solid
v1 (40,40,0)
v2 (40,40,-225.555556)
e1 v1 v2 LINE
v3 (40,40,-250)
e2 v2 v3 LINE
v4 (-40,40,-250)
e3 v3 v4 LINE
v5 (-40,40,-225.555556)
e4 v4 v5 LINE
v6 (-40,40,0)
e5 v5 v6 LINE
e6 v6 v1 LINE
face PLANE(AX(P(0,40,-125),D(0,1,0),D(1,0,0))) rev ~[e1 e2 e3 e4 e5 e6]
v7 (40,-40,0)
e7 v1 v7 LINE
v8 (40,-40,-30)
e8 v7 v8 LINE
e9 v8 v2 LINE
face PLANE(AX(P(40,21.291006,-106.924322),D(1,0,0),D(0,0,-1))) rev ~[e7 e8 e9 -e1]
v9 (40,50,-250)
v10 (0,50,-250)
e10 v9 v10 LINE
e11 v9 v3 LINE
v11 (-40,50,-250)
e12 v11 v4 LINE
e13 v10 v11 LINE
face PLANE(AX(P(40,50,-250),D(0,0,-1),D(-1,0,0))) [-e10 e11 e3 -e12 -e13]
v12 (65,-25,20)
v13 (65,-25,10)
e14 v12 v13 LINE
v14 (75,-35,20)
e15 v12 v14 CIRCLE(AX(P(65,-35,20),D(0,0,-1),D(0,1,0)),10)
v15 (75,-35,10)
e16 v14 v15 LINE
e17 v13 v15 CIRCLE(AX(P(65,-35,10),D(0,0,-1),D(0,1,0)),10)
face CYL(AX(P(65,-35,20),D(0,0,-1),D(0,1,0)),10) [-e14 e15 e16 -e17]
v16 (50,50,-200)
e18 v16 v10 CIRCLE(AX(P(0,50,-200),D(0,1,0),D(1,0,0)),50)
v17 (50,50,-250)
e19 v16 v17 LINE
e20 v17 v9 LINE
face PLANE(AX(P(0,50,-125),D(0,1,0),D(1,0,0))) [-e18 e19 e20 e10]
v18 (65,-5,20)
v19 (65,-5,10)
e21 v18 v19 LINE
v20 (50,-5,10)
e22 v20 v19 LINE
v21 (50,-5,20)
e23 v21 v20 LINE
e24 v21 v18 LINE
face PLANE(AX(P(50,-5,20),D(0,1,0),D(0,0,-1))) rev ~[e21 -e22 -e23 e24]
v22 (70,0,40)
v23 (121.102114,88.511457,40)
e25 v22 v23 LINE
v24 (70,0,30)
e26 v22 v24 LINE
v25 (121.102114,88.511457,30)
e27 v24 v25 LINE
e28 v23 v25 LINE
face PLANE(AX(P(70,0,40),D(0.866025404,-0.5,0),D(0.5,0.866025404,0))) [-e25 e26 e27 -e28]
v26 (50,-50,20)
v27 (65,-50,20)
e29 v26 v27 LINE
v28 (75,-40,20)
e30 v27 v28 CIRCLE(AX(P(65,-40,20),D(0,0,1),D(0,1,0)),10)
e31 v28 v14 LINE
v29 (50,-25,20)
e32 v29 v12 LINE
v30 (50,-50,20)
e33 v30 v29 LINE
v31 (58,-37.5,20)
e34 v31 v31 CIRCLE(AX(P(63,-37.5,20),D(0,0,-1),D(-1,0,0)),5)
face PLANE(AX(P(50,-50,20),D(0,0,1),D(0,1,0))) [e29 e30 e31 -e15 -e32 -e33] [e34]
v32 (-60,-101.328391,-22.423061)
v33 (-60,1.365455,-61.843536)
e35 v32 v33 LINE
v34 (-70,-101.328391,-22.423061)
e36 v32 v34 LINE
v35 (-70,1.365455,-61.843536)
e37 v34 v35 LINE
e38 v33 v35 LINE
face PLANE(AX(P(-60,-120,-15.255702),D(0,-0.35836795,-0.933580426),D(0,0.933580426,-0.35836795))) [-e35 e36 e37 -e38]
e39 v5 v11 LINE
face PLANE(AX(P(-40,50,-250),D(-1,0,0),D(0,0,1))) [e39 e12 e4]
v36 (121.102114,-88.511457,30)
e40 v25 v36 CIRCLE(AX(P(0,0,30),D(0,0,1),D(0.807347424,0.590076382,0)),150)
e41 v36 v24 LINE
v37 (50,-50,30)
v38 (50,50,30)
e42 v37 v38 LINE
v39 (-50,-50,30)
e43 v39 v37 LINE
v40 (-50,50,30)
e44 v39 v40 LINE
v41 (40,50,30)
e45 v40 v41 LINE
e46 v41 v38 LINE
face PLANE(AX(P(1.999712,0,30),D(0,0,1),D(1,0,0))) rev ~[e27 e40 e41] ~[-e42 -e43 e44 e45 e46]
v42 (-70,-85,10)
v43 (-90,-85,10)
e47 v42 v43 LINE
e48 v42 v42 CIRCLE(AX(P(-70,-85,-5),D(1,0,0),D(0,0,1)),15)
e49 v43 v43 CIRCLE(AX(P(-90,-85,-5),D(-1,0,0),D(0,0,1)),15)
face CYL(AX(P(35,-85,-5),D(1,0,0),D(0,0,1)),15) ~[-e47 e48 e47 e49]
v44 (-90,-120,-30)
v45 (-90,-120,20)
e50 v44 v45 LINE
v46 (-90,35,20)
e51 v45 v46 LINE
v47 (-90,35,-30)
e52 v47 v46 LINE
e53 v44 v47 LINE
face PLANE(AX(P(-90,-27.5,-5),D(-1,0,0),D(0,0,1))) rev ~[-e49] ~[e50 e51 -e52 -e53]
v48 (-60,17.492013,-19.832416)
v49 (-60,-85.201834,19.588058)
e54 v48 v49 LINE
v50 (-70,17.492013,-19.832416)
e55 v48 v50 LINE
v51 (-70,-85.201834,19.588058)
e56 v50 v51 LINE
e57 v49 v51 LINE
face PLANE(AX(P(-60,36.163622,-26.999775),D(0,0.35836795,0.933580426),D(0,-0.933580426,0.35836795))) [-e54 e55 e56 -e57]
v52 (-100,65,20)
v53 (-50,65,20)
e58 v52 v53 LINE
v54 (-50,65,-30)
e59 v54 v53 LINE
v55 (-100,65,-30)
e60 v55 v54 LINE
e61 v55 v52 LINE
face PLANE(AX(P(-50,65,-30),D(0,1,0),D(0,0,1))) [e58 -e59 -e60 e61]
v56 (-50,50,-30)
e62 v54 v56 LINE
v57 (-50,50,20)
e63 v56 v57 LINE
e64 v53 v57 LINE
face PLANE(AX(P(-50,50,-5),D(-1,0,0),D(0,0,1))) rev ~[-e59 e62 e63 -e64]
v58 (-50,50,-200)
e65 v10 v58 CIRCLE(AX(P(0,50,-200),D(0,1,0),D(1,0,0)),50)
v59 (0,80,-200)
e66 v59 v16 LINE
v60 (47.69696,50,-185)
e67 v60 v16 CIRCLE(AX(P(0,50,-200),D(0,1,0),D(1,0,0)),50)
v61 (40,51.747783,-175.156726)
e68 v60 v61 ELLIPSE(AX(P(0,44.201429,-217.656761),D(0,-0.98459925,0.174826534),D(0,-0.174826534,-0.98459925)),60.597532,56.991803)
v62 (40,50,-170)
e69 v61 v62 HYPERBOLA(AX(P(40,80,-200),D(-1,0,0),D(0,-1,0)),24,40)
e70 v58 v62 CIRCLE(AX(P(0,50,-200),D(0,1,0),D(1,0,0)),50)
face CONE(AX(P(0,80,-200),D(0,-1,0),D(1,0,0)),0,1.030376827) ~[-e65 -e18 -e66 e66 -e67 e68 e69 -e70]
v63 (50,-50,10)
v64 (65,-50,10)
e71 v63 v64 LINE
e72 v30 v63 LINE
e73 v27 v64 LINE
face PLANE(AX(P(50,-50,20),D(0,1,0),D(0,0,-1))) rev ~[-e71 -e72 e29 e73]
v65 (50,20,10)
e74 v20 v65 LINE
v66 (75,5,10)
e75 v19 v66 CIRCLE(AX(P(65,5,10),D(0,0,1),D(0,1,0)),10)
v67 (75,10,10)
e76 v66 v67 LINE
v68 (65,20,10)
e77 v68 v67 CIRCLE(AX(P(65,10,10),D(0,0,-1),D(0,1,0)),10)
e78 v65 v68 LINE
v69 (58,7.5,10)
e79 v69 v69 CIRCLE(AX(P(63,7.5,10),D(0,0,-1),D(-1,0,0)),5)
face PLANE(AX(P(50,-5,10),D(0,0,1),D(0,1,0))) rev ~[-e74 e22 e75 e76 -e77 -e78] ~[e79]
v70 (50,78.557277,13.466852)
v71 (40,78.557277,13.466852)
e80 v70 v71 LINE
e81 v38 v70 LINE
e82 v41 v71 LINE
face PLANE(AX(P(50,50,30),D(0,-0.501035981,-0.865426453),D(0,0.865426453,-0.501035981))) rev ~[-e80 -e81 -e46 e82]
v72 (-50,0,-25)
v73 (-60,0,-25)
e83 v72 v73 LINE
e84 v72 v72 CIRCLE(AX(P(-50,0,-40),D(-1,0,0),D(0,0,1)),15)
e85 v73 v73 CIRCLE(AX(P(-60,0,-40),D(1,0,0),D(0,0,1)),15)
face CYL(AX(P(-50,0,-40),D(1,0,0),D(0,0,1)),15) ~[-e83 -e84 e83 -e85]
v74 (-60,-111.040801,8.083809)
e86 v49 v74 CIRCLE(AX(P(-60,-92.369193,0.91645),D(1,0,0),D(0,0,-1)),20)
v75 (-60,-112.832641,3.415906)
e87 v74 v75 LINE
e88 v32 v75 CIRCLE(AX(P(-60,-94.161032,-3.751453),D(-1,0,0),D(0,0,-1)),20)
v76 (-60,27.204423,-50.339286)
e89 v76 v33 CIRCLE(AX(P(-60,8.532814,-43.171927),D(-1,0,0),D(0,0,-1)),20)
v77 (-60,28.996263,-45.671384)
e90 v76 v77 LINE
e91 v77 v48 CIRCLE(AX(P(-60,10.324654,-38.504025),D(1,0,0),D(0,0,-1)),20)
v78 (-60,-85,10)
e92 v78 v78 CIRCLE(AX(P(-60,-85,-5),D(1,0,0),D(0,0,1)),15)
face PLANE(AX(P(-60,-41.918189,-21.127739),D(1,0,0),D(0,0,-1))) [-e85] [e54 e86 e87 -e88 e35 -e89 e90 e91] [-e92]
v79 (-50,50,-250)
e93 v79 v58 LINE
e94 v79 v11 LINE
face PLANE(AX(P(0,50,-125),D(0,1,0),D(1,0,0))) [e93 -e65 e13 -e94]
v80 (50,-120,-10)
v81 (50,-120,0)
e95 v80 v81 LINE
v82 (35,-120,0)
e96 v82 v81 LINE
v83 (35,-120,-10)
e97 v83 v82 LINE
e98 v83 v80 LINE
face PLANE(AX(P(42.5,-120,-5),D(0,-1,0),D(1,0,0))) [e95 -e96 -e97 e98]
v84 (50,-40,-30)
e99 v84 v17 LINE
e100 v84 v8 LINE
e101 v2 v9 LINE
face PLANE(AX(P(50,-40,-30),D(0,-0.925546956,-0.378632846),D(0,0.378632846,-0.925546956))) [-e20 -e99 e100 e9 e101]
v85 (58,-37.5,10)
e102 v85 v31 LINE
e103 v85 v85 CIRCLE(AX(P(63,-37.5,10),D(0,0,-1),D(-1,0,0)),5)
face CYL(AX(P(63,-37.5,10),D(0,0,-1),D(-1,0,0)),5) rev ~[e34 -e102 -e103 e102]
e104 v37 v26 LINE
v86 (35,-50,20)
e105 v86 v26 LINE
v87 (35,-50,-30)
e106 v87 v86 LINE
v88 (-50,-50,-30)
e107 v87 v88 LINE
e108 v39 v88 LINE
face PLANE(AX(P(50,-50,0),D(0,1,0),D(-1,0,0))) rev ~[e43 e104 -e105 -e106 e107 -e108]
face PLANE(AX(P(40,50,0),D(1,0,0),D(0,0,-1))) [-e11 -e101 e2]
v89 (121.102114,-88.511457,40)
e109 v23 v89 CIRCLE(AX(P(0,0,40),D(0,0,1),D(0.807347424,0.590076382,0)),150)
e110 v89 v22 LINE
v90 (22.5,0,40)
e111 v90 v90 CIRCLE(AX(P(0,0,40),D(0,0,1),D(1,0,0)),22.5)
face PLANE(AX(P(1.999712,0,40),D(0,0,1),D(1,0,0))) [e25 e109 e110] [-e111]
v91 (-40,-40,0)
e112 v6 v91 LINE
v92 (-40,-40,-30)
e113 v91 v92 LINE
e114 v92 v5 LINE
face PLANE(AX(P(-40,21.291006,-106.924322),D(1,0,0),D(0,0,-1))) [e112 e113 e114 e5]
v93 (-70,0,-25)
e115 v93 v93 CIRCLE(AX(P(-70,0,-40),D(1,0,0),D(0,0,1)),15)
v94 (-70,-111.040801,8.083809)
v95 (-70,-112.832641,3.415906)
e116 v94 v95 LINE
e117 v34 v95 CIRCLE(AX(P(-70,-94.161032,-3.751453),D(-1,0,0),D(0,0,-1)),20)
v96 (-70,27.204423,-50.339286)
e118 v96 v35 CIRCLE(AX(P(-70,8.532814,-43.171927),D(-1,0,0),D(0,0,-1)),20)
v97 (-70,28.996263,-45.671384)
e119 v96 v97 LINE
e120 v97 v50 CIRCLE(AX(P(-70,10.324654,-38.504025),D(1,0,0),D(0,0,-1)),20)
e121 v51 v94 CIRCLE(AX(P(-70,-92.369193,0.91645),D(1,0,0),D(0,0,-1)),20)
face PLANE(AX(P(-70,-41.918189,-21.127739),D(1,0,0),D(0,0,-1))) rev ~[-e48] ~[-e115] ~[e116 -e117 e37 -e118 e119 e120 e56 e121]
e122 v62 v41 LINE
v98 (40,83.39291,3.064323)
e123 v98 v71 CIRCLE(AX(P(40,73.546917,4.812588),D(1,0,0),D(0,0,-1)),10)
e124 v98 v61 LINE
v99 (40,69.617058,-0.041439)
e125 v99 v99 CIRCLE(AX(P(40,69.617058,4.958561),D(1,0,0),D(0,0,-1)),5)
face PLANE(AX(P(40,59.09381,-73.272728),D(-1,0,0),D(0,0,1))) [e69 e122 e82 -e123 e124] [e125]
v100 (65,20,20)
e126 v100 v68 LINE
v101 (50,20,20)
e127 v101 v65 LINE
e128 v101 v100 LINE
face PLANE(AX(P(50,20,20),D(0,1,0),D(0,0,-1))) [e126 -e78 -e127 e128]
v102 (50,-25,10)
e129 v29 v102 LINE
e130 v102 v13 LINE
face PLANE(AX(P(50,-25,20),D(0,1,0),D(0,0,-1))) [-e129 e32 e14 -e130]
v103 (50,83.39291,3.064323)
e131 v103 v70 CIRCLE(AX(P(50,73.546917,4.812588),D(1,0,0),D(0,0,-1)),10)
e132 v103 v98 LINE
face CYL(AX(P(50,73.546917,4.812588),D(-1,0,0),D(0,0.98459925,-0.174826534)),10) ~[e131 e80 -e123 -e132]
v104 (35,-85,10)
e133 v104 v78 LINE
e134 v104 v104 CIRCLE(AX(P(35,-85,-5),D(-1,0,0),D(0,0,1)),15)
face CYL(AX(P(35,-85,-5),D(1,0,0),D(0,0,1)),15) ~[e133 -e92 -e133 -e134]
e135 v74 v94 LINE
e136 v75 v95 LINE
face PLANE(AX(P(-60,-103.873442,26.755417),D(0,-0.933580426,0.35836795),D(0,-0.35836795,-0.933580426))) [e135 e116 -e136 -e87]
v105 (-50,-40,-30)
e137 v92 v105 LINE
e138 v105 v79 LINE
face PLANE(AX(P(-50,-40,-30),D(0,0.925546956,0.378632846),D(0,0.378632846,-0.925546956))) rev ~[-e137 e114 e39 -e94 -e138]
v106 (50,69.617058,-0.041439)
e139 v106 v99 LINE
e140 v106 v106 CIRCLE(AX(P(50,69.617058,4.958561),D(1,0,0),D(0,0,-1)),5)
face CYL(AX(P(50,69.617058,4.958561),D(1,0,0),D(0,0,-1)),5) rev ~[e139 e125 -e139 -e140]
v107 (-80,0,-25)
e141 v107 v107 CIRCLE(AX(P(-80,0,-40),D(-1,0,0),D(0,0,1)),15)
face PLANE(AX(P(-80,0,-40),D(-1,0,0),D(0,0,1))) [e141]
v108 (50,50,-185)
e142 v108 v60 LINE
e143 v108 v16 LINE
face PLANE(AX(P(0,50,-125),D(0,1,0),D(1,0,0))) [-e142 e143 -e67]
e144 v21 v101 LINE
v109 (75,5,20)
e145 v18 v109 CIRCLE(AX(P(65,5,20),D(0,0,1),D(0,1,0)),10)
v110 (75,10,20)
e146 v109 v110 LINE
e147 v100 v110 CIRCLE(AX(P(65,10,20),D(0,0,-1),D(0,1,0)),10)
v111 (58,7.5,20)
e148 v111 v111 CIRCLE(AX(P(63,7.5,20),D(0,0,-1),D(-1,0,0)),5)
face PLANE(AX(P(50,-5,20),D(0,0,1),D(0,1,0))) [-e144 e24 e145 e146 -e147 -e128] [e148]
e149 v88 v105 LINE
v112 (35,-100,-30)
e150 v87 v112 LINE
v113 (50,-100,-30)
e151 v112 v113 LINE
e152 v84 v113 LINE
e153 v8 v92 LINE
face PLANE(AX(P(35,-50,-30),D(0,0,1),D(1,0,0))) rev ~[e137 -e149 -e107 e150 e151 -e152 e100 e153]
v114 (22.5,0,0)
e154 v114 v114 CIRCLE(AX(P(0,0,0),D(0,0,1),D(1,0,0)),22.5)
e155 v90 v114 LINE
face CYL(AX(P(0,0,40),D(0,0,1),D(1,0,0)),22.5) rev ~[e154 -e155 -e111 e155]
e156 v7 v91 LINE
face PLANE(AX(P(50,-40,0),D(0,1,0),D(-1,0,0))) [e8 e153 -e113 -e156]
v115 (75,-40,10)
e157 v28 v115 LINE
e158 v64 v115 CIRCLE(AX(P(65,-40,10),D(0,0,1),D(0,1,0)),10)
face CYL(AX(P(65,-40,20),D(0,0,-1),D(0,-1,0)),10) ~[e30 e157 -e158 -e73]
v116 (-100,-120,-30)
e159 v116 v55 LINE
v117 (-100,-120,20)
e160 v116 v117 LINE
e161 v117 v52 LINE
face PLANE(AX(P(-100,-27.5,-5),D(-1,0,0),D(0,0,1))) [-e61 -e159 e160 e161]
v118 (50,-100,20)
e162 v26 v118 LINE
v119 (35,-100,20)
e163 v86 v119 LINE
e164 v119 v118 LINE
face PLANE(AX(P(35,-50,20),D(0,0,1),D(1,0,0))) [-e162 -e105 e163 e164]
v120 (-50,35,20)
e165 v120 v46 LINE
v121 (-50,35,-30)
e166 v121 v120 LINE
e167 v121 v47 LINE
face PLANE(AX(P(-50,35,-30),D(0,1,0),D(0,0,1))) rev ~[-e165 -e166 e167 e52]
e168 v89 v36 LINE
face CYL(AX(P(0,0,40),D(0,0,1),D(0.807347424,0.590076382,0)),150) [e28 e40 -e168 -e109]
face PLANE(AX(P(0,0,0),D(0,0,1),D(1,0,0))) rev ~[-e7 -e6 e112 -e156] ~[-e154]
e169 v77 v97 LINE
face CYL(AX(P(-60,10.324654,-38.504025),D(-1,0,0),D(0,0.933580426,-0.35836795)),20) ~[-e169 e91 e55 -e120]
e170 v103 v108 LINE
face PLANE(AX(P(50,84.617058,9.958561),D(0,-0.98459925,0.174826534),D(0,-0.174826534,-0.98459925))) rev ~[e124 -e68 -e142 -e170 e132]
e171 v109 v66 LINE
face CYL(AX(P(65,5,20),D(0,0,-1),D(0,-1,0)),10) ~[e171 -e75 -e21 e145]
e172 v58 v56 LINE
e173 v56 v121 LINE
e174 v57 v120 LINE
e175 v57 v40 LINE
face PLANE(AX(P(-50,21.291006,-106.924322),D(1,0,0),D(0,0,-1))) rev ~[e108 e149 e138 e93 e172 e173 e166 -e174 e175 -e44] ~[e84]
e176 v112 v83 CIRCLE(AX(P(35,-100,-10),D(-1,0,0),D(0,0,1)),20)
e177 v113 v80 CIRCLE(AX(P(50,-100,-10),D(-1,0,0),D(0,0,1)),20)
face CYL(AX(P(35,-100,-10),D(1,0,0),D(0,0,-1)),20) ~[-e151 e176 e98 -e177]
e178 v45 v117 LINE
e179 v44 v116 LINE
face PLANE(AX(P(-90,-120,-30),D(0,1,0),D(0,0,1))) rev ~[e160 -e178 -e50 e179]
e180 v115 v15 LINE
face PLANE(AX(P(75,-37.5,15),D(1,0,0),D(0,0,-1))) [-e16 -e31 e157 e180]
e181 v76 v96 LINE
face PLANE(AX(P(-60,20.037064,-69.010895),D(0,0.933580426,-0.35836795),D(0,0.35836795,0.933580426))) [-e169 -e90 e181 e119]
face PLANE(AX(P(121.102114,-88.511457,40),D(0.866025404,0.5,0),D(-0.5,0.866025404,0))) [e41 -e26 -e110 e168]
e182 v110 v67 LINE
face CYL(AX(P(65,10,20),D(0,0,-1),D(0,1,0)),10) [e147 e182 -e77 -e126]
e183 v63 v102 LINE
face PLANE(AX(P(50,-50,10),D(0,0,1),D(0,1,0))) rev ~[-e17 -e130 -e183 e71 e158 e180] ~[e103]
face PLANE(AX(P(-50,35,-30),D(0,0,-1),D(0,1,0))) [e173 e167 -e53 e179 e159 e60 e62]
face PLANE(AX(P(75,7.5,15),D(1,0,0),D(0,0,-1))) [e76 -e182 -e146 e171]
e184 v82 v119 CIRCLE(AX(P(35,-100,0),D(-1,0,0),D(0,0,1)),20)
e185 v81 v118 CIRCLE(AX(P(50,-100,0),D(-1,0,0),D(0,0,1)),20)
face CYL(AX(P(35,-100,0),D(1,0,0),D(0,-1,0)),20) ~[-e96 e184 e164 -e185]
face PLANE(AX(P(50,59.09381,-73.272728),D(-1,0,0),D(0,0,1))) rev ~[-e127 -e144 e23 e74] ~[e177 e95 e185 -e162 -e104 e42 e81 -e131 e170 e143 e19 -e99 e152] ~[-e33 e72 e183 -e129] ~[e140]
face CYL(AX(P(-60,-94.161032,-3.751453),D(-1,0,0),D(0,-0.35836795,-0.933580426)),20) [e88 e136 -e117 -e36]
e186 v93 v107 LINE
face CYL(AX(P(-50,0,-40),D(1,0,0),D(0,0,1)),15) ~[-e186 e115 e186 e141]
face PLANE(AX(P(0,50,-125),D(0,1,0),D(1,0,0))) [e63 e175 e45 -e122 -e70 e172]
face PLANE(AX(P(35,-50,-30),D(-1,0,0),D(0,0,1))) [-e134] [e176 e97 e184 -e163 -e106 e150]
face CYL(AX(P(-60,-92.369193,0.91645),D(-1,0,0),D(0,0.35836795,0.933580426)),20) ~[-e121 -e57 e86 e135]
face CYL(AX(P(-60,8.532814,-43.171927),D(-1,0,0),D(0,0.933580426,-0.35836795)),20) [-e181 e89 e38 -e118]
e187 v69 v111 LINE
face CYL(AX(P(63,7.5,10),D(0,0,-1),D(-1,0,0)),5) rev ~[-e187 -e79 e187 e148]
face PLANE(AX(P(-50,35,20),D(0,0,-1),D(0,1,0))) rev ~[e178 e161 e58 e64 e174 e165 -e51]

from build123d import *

# Parameters (mm, degrees)
SZKIC1_W                     = 100
SZKIC1_H                     = 100
DODANIE_WYCI_GNI_CIE1_DEPTH  = 40
SZKIC3_R                     = 22.5
WYTNIJ_WYCI_GNI_CIE1_DEPTH   = 41
SZKIC4_W                     = 100
SZKIC4_H                     = 10
DODANIE_WYCI_GNI_CIE2_DEPTH  = 30
DODANIE_WYCI_GNI_CIE3_DEPTH  = 10
DODANIE_WYCI_GNI_CIE4_DEPTH  = 10
DODANIE_WYCI_GNI_CIE5_DEPTH  = 10
SZKIC11_W                    = 15
SZKIC11_H                    = 50
DODANIE_WYCI_GNI_CIE6_DEPTH  = 70
SZKIC12_R                    = 15
DODANIE_WYCI_GNI_CIE7_DEPTH  = 125
SZKIC13_R                    = 15
DODANIE_WYCI_GNI_CIE8_DEPTH  = 30
DODANIE_WYCI_GNI_CIE9_DEPTH  = 10
ZAOKR_GLENIE1_R              = 20
SZKIC15_W                    = 50
SZKIC15_H                    = 185
DODANIE_WYCI_GNI_CIE10_DEPTH = 10
DODANIE_WYCI_GNI_CIE11_REACH = 52
SZKIC17_W                    = 50
SZKIC17_H                    = 30
SZKIC18_W                    = 100
SZKIC18_H                    = 100
DODANIE_WYCI_GNI_CIE12_DEPTH = 10
DODANIE_WYCI_GNI_CIE13_DEPTH = 10
WYTNIJ_WYCI_GNI_CIE2_REACH   = 202
SZKIC20_R                    = 5
SZKIC21_W                    = 10
SZKIC21_H                    = 25
DODANIE_WYCI_GNI_CIE14_DEPTH = 25
ZAOKR_GLENIE2_R              = 10
WYTNIJ_WYCI_GNI_CIE3_REACH   = 32
SZKIC22_R                    = 5


with BuildPart() as part:
    # Szkic1 → Dodanie-wyciągnięcie1 (new body)
    with BuildSketch(Plane.XY):
        Rectangle(SZKIC1_W, SZKIC1_H)
    extrude(amount=DODANIE_WYCI_GNI_CIE1_DEPTH)

    # Szkic3 → Wytnij-wyciągnięcie1 (cut, through all)
    with BuildSketch(Plane.XY.offset(40)):
        Circle(SZKIC3_R)
    extrude(amount=-WYTNIJ_WYCI_GNI_CIE1_DEPTH, mode=Mode.SUBTRACT)

    # Szkic4 → Dodanie-wyciągnięcie2 (add)
    with BuildSketch(Plane(origin=(0, 0, 0), x_dir=(-1, 0, 0), z_dir=(0, 0, -1))):
        with Locations((0, -45)):
            Rectangle(SZKIC4_W, SZKIC4_H)
    extrude(amount=DODANIE_WYCI_GNI_CIE2_DEPTH)

    # Szkic5 → Dodanie-wyciągnięcie3 (add)
    with BuildSketch(Plane.ZY.offset(50)):
        Polygon((-30, -40), (-250, 50), (0, 50), (0, -40), align=None)
    extrude(amount=-DODANIE_WYCI_GNI_CIE3_DEPTH)

    # Szkic6 → Dodanie-wyciągnięcie4 (add)
    with BuildSketch(Plane(origin=(50, 0, 0), x_dir=(0, 0, -1), z_dir=(1, 0, 0))):
        Polygon((30, -40), (250, 50), (0, 50), (0, -40), align=None)
    extrude(amount=-DODANIE_WYCI_GNI_CIE4_DEPTH)

    # Szkic7 → Dodanie-wyciągnięcie5 (add)
    with BuildSketch(Plane(origin=(0, 50, 0), x_dir=(1, 0, 0), z_dir=(0, 1, 0))):
        Polygon((40, 250), (-40, 250), (-40, 30), (-40, 0), (40, 0), align=None)
    extrude(amount=-DODANIE_WYCI_GNI_CIE5_DEPTH)

    # Szkic10 → Obrót1 (revolve)
    with BuildSketch(Plane(origin=(0, 0, -200), x_dir=(-1, 0, 0), z_dir=(0, 0, -1))):
        Polygon((0, 50), (0, 80), (-50, 50), align=None)
    revolve(axis=Axis((0, 50, -200), (0, 1, 0)))

    # Szkic11 → Dodanie-wyciągnięcie6 (add)
    with BuildSketch(Plane.XZ.offset(50)):
        with Locations((42.5, -5)):
            Rectangle(SZKIC11_W, SZKIC11_H)
    extrude(amount=DODANIE_WYCI_GNI_CIE6_DEPTH)

    # Szkic12 → Dodanie-wyciągnięcie7 (add)
    with BuildSketch(Plane.ZY.offset(-35)):
        with Locations((-5, -85)):
            Circle(SZKIC12_R)
    extrude(amount=DODANIE_WYCI_GNI_CIE7_DEPTH)

    # Szkic13 → Dodanie-wyciągnięcie8 (add)
    with BuildSketch(Plane.ZY.offset(50)):
        with Locations((-40, 0)):
            Circle(SZKIC13_R)
    extrude(amount=DODANIE_WYCI_GNI_CIE8_DEPTH)

    # Szkic14 → Dodanie-wyciągnięcie9 (add)
    with BuildSketch(Plane.ZY.offset(60)):
        Polygon((-69.010894517, 20.037063975), (-26.999775325, 36.163621704), (26.755417107, -103.87344227), (-15.255702085, -120), align=None)
    extrude(amount=DODANIE_WYCI_GNI_CIE9_DEPTH)

    # Zaokrąglenie1
    zaokr_glenie1_edges = [part.edges().sort_by_distance(p)[0] for p in [
        (-65, 20.037063975, -69.010894517),
        (-65, -120, -15.255702085),
        (-65, -103.87344227, 26.755417107),
        (-65, 36.163621704, -26.999775325),
        (42.5, -120, 20),
        (42.5, -120, -30),
    ]]
    fillet(zaokr_glenie1_edges, radius=ZAOKR_GLENIE1_R)

    # Szkic15 → Dodanie-wyciągnięcie10 (add)
    with BuildSketch(Plane.ZY.offset(90)):
        with Locations((-5, -27.5)):
            Rectangle(SZKIC15_W, SZKIC15_H)
    extrude(amount=DODANIE_WYCI_GNI_CIE10_DEPTH)

    # Szkic17 → Dodanie-wyciągnięcie11 (add, up to next)
    with BuildSketch(Plane.ZY.offset(50), mode=Mode.PRIVATE) as dodanie_wyci_gni_cie11_sk1:
        with Locations((-5, 50)):
            Rectangle(SZKIC17_W, SZKIC17_H)
    dodanie_wyci_gni_cie11_tool1 = extrude(dodanie_wyci_gni_cie11_sk1.sketch, amount=DODANIE_WYCI_GNI_CIE11_REACH, mode=Mode.PRIVATE) - part.part
    add(dodanie_wyci_gni_cie11_tool1.solids().sort_by_distance((-50, 50, -5))[0])

    # Szkic18 → Dodanie-wyciągnięcie12 (add)
    with BuildSketch(Plane.XY.offset(40)):
        with BuildLine():
            Line((70, 0), (121.10211367, 88.511457251))
            ThreePointArc((121.10211367, 88.511457251), (-150, 0), (121.10211367, -88.511457251))
            Line((121.10211367, -88.511457251), (70, 0))
        make_face()
        Rectangle(SZKIC18_W, SZKIC18_H, mode=Mode.SUBTRACT)
    extrude(amount=-DODANIE_WYCI_GNI_CIE12_DEPTH)

    # Szkic19 → Dodanie-wyciągnięcie13 (add)
    with BuildSketch(Plane(origin=(50, 0, 0), x_dir=(0, 0, -1), z_dir=(1, 0, 0))):
        Polygon((-30, 50), (-9.958560776, 84.617058134), (185, 50), align=None)
    extrude(amount=-DODANIE_WYCI_GNI_CIE13_DEPTH)

    # Szkic20 → Wytnij-wyciągnięcie2 (cut, up to next)
    with BuildSketch(Plane(origin=(50, 0, 0), x_dir=(0, 0, -1), z_dir=(1, 0, 0)), mode=Mode.PRIVATE) as wytnij_wyci_gni_cie2_sk1:
        with Locations((-4.958560776, 69.617058134)):
            Circle(SZKIC20_R)
    wytnij_wyci_gni_cie2_tool1 = extrude(wytnij_wyci_gni_cie2_sk1.sketch, amount=-WYTNIJ_WYCI_GNI_CIE2_REACH, mode=Mode.PRIVATE) & part.part
    add(wytnij_wyci_gni_cie2_tool1.solids().sort_by_distance((50, 69.617058, 4.958561))[0], mode=Mode.SUBTRACT)

    # Szkic21 → Dodanie-wyciągnięcie14 (add)
    with BuildSketch(Plane(origin=(50, 0, 0), x_dir=(0, 0, -1), z_dir=(1, 0, 0))):
        with Locations((-15, 7.5)):
            Rectangle(SZKIC21_W, SZKIC21_H)
        with Locations((-15, -37.5)):
            Rectangle(SZKIC21_W, SZKIC21_H)
    extrude(amount=DODANIE_WYCI_GNI_CIE14_DEPTH)

    # Zaokrąglenie2
    zaokr_glenie2_edges = [part.edges().sort_by_distance(p)[0] for p in [
        (45, 84.617058134, 9.958560776),
        (75, 20, 15),
        (75, -5, 15),
        (75, -25, 15),
        (75, -50, 15),
    ]]
    fillet(zaokr_glenie2_edges, radius=ZAOKR_GLENIE2_R)

    # Szkic22 → Wytnij-wyciągnięcie3 (cut, up to next)
    with BuildSketch(Plane(origin=(0, 0, 10), x_dir=(-1, 0, 0), z_dir=(0, 0, -1)), mode=Mode.PRIVATE) as wytnij_wyci_gni_cie3_sk1:
        with Locations((-63, 7.5)):
            Circle(SZKIC22_R)
    wytnij_wyci_gni_cie3_tool1 = extrude(wytnij_wyci_gni_cie3_sk1.sketch, amount=-WYTNIJ_WYCI_GNI_CIE3_REACH, mode=Mode.PRIVATE) & part.part
    add(wytnij_wyci_gni_cie3_tool1.solids().sort_by_distance((63, 7.5, 10))[0], mode=Mode.SUBTRACT)
    # Szkic22 → Wytnij-wyciągnięcie3 (cut, up to next)
    with BuildSketch(Plane(origin=(0, 0, 10), x_dir=(-1, 0, 0), z_dir=(0, 0, -1)), mode=Mode.PRIVATE) as wytnij_wyci_gni_cie3_sk2:
        with Locations((-63, -37.5)):
            Circle(SZKIC22_R)
    wytnij_wyci_gni_cie3_tool2 = extrude(wytnij_wyci_gni_cie3_sk2.sketch, amount=-WYTNIJ_WYCI_GNI_CIE3_REACH, mode=Mode.PRIVATE) & part.part
    add(wytnij_wyci_gni_cie3_tool2.solids().sort_by_distance((63, -37.5, 10))[0], mode=Mode.SUBTRACT)


solid = part.part
